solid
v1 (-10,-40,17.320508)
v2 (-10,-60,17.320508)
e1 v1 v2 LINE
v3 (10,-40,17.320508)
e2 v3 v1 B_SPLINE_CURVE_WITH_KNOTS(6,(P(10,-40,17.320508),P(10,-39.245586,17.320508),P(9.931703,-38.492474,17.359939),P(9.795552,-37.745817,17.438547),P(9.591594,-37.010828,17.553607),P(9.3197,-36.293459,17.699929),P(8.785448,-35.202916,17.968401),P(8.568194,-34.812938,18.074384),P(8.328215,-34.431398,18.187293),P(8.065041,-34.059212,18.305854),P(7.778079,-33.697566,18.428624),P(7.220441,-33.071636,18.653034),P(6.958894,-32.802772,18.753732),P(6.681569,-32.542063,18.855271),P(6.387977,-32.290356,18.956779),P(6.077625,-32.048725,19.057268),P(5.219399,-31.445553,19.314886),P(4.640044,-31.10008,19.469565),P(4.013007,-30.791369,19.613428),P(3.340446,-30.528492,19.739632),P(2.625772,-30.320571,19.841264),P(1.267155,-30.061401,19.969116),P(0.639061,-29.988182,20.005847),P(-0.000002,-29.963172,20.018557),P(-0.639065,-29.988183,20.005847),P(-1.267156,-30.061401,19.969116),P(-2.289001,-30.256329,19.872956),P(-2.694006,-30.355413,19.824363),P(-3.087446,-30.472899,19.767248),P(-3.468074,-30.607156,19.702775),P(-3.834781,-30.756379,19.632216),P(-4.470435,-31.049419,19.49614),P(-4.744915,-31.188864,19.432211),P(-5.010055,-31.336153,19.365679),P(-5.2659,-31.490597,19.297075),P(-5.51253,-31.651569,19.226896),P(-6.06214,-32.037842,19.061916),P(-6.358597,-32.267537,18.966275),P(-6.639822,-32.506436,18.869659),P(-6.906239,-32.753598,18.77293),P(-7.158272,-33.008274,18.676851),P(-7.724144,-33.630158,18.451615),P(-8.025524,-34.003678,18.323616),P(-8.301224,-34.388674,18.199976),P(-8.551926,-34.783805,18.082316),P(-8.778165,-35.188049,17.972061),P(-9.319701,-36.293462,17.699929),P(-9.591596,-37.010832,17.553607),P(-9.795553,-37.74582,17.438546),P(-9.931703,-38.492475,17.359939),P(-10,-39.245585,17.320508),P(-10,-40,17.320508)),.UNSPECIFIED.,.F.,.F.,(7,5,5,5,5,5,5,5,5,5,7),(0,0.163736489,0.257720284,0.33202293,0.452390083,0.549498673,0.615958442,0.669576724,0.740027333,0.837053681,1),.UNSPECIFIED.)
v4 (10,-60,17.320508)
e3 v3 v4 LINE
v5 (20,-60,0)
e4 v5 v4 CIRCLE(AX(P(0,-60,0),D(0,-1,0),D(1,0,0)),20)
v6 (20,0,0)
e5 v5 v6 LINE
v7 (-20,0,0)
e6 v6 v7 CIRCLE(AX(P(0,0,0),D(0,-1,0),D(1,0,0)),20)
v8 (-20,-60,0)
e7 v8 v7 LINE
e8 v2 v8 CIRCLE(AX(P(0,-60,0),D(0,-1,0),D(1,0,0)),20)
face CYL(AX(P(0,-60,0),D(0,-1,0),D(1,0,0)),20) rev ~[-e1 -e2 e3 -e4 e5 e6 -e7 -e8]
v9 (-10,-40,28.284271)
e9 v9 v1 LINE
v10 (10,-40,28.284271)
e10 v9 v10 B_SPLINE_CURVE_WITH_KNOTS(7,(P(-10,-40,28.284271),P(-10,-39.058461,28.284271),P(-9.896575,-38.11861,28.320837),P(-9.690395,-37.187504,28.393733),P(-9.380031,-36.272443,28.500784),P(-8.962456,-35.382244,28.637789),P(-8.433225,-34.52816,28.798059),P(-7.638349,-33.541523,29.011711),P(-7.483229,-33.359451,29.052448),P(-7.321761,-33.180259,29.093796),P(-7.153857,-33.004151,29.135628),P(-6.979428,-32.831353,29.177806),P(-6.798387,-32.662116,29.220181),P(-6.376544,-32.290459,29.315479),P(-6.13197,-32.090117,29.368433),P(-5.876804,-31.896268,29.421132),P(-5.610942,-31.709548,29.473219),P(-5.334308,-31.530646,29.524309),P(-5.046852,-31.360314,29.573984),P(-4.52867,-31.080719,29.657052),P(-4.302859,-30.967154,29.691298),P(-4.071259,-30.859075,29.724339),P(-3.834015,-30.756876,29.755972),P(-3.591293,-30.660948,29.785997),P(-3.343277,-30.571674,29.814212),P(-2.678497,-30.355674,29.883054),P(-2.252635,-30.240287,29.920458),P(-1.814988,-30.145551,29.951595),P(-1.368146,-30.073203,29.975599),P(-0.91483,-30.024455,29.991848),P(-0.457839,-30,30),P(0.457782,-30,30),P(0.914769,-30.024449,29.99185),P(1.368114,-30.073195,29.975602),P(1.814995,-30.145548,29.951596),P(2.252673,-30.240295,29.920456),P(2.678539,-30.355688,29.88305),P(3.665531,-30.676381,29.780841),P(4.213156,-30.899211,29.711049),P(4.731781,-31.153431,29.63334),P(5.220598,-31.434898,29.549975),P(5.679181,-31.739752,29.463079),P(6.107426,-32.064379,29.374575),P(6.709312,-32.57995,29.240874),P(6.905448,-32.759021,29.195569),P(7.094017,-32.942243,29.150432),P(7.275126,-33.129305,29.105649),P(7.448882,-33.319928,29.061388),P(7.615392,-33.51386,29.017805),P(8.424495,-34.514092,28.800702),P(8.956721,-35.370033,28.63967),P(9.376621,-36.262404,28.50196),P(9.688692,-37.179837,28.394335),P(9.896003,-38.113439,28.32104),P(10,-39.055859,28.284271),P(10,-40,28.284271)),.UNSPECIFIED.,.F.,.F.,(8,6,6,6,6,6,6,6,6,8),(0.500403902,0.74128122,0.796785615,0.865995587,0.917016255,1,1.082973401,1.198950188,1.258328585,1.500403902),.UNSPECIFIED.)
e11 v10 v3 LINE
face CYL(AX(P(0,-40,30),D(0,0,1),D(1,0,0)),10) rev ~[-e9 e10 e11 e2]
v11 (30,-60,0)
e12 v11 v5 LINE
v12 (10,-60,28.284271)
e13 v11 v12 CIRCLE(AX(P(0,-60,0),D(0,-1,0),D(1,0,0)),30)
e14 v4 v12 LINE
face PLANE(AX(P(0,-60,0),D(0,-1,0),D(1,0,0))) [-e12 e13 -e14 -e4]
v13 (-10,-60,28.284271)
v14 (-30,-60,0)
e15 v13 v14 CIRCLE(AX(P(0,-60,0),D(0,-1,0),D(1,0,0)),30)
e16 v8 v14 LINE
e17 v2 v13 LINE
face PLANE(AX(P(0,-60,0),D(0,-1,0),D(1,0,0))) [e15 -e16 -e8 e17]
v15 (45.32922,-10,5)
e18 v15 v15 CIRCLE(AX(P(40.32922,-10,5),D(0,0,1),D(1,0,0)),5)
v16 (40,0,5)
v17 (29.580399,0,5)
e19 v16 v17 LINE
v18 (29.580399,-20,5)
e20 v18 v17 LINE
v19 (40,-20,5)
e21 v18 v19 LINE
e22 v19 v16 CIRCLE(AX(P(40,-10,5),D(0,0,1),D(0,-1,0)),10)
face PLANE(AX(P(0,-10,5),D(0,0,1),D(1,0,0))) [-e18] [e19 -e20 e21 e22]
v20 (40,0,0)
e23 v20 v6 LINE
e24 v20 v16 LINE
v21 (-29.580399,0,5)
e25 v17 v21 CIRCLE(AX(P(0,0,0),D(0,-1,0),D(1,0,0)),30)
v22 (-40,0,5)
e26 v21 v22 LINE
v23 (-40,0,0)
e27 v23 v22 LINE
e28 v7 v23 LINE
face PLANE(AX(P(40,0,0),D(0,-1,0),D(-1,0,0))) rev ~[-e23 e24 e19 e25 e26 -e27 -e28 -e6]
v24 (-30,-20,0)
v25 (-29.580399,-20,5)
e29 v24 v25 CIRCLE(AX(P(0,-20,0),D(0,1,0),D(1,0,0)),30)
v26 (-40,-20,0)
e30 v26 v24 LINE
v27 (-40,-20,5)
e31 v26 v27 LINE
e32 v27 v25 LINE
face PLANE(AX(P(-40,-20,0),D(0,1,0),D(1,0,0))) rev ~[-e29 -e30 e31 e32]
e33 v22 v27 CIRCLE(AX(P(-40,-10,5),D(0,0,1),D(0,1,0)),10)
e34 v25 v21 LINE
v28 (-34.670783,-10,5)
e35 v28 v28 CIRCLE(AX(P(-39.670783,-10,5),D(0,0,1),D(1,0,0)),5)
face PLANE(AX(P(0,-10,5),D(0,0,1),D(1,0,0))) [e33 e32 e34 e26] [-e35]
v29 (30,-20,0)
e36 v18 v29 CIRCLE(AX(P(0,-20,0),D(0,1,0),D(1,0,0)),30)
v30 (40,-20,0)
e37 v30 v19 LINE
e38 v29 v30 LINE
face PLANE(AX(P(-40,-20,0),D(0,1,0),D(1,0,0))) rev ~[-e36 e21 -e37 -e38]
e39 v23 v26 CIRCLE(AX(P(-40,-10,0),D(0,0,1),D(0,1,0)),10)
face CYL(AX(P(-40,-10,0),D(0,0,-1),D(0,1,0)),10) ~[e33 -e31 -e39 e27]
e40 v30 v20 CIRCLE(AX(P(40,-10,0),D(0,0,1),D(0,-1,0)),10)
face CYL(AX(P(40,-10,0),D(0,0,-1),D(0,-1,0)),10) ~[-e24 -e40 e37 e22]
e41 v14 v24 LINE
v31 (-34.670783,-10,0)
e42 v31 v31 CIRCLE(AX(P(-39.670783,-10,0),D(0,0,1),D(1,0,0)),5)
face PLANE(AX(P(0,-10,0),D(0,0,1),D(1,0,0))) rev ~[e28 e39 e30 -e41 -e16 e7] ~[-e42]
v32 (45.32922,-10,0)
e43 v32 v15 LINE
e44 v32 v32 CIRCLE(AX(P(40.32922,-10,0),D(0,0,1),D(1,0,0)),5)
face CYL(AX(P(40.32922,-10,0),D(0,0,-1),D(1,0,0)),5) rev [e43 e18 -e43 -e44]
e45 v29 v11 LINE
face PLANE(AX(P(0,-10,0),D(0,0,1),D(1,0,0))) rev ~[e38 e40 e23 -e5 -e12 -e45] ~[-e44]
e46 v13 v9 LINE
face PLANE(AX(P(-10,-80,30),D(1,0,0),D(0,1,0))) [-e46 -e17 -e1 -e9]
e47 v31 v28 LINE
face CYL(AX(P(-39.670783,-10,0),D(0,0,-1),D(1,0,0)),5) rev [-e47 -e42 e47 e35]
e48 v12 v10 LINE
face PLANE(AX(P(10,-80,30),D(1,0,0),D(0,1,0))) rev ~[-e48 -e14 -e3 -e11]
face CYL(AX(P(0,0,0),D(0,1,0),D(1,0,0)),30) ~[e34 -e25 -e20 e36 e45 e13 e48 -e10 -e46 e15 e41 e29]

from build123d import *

# Parameters (mm, degrees)
F0_R      = 30
F1_DEPTH  = 60
F3_DEPTH  = 60
F4_R      = 5
F5_DEPTH  = 5
F7_DEPTH  = 60
F10_W     = 20
F10_H     = 40
F11_DEPTH = 25


with BuildPart() as f1:
    # F0 (on Front) → F1 (new body)
    with BuildSketch(Plane.XZ):
        Circle(F0_R)
    extrude(amount=F1_DEPTH)

    # F2 (on face) → F3 (cut, through all)
    with BuildSketch(Plane.XZ.offset(60)):
        with BuildLine():
            Line((30, 0), (-30, 0))
            ThreePointArc((-30, 0), (0, -30), (30, 0))
        make_face()
    extrude(amount=-F3_DEPTH, mode=Mode.SUBTRACT)

    # F4 (on Top) → F5 (join)
    with BuildSketch(Plane.XY):
        with BuildLine():
            Line((40, 0), (-40, 0))
            ThreePointArc((-40, 0), (-50, -10), (-40, -20))
            Line((-40, -20), (40, -20))
            ThreePointArc((40, -20), (50, -10), (40, 0))
        make_face()
        with Locations((-39.6707831735, -10)):
            Circle(F4_R, mode=Mode.SUBTRACT)
        with Locations((40.3292197076, -10)):
            Circle(F4_R, mode=Mode.SUBTRACT)
    extrude(amount=F5_DEPTH)

    # F6 (on face) → F7 (cut, through all)
    with BuildSketch(Plane.XZ.offset(60)):
        with BuildLine():
            Line((-20, 0), (20, 0))
            ThreePointArc((20, 0), (0, 20), (-20, 0))
        make_face()
    extrude(amount=-F7_DEPTH, mode=Mode.SUBTRACT)

    # F10 (on plane+point) → F11 (cut)
    with BuildSketch(Plane.XY.offset(30)):
        with BuildLine():
            Line((-10, -40), (10, -40))
            ThreePointArc((10, -40), (0, -30), (-10, -40))
        make_face()
        with Locations((0, -60)):
            Rectangle(F10_W, F10_H)
    extrude(amount=-F11_DEPTH, mode=Mode.SUBTRACT)


solid = f1.part
